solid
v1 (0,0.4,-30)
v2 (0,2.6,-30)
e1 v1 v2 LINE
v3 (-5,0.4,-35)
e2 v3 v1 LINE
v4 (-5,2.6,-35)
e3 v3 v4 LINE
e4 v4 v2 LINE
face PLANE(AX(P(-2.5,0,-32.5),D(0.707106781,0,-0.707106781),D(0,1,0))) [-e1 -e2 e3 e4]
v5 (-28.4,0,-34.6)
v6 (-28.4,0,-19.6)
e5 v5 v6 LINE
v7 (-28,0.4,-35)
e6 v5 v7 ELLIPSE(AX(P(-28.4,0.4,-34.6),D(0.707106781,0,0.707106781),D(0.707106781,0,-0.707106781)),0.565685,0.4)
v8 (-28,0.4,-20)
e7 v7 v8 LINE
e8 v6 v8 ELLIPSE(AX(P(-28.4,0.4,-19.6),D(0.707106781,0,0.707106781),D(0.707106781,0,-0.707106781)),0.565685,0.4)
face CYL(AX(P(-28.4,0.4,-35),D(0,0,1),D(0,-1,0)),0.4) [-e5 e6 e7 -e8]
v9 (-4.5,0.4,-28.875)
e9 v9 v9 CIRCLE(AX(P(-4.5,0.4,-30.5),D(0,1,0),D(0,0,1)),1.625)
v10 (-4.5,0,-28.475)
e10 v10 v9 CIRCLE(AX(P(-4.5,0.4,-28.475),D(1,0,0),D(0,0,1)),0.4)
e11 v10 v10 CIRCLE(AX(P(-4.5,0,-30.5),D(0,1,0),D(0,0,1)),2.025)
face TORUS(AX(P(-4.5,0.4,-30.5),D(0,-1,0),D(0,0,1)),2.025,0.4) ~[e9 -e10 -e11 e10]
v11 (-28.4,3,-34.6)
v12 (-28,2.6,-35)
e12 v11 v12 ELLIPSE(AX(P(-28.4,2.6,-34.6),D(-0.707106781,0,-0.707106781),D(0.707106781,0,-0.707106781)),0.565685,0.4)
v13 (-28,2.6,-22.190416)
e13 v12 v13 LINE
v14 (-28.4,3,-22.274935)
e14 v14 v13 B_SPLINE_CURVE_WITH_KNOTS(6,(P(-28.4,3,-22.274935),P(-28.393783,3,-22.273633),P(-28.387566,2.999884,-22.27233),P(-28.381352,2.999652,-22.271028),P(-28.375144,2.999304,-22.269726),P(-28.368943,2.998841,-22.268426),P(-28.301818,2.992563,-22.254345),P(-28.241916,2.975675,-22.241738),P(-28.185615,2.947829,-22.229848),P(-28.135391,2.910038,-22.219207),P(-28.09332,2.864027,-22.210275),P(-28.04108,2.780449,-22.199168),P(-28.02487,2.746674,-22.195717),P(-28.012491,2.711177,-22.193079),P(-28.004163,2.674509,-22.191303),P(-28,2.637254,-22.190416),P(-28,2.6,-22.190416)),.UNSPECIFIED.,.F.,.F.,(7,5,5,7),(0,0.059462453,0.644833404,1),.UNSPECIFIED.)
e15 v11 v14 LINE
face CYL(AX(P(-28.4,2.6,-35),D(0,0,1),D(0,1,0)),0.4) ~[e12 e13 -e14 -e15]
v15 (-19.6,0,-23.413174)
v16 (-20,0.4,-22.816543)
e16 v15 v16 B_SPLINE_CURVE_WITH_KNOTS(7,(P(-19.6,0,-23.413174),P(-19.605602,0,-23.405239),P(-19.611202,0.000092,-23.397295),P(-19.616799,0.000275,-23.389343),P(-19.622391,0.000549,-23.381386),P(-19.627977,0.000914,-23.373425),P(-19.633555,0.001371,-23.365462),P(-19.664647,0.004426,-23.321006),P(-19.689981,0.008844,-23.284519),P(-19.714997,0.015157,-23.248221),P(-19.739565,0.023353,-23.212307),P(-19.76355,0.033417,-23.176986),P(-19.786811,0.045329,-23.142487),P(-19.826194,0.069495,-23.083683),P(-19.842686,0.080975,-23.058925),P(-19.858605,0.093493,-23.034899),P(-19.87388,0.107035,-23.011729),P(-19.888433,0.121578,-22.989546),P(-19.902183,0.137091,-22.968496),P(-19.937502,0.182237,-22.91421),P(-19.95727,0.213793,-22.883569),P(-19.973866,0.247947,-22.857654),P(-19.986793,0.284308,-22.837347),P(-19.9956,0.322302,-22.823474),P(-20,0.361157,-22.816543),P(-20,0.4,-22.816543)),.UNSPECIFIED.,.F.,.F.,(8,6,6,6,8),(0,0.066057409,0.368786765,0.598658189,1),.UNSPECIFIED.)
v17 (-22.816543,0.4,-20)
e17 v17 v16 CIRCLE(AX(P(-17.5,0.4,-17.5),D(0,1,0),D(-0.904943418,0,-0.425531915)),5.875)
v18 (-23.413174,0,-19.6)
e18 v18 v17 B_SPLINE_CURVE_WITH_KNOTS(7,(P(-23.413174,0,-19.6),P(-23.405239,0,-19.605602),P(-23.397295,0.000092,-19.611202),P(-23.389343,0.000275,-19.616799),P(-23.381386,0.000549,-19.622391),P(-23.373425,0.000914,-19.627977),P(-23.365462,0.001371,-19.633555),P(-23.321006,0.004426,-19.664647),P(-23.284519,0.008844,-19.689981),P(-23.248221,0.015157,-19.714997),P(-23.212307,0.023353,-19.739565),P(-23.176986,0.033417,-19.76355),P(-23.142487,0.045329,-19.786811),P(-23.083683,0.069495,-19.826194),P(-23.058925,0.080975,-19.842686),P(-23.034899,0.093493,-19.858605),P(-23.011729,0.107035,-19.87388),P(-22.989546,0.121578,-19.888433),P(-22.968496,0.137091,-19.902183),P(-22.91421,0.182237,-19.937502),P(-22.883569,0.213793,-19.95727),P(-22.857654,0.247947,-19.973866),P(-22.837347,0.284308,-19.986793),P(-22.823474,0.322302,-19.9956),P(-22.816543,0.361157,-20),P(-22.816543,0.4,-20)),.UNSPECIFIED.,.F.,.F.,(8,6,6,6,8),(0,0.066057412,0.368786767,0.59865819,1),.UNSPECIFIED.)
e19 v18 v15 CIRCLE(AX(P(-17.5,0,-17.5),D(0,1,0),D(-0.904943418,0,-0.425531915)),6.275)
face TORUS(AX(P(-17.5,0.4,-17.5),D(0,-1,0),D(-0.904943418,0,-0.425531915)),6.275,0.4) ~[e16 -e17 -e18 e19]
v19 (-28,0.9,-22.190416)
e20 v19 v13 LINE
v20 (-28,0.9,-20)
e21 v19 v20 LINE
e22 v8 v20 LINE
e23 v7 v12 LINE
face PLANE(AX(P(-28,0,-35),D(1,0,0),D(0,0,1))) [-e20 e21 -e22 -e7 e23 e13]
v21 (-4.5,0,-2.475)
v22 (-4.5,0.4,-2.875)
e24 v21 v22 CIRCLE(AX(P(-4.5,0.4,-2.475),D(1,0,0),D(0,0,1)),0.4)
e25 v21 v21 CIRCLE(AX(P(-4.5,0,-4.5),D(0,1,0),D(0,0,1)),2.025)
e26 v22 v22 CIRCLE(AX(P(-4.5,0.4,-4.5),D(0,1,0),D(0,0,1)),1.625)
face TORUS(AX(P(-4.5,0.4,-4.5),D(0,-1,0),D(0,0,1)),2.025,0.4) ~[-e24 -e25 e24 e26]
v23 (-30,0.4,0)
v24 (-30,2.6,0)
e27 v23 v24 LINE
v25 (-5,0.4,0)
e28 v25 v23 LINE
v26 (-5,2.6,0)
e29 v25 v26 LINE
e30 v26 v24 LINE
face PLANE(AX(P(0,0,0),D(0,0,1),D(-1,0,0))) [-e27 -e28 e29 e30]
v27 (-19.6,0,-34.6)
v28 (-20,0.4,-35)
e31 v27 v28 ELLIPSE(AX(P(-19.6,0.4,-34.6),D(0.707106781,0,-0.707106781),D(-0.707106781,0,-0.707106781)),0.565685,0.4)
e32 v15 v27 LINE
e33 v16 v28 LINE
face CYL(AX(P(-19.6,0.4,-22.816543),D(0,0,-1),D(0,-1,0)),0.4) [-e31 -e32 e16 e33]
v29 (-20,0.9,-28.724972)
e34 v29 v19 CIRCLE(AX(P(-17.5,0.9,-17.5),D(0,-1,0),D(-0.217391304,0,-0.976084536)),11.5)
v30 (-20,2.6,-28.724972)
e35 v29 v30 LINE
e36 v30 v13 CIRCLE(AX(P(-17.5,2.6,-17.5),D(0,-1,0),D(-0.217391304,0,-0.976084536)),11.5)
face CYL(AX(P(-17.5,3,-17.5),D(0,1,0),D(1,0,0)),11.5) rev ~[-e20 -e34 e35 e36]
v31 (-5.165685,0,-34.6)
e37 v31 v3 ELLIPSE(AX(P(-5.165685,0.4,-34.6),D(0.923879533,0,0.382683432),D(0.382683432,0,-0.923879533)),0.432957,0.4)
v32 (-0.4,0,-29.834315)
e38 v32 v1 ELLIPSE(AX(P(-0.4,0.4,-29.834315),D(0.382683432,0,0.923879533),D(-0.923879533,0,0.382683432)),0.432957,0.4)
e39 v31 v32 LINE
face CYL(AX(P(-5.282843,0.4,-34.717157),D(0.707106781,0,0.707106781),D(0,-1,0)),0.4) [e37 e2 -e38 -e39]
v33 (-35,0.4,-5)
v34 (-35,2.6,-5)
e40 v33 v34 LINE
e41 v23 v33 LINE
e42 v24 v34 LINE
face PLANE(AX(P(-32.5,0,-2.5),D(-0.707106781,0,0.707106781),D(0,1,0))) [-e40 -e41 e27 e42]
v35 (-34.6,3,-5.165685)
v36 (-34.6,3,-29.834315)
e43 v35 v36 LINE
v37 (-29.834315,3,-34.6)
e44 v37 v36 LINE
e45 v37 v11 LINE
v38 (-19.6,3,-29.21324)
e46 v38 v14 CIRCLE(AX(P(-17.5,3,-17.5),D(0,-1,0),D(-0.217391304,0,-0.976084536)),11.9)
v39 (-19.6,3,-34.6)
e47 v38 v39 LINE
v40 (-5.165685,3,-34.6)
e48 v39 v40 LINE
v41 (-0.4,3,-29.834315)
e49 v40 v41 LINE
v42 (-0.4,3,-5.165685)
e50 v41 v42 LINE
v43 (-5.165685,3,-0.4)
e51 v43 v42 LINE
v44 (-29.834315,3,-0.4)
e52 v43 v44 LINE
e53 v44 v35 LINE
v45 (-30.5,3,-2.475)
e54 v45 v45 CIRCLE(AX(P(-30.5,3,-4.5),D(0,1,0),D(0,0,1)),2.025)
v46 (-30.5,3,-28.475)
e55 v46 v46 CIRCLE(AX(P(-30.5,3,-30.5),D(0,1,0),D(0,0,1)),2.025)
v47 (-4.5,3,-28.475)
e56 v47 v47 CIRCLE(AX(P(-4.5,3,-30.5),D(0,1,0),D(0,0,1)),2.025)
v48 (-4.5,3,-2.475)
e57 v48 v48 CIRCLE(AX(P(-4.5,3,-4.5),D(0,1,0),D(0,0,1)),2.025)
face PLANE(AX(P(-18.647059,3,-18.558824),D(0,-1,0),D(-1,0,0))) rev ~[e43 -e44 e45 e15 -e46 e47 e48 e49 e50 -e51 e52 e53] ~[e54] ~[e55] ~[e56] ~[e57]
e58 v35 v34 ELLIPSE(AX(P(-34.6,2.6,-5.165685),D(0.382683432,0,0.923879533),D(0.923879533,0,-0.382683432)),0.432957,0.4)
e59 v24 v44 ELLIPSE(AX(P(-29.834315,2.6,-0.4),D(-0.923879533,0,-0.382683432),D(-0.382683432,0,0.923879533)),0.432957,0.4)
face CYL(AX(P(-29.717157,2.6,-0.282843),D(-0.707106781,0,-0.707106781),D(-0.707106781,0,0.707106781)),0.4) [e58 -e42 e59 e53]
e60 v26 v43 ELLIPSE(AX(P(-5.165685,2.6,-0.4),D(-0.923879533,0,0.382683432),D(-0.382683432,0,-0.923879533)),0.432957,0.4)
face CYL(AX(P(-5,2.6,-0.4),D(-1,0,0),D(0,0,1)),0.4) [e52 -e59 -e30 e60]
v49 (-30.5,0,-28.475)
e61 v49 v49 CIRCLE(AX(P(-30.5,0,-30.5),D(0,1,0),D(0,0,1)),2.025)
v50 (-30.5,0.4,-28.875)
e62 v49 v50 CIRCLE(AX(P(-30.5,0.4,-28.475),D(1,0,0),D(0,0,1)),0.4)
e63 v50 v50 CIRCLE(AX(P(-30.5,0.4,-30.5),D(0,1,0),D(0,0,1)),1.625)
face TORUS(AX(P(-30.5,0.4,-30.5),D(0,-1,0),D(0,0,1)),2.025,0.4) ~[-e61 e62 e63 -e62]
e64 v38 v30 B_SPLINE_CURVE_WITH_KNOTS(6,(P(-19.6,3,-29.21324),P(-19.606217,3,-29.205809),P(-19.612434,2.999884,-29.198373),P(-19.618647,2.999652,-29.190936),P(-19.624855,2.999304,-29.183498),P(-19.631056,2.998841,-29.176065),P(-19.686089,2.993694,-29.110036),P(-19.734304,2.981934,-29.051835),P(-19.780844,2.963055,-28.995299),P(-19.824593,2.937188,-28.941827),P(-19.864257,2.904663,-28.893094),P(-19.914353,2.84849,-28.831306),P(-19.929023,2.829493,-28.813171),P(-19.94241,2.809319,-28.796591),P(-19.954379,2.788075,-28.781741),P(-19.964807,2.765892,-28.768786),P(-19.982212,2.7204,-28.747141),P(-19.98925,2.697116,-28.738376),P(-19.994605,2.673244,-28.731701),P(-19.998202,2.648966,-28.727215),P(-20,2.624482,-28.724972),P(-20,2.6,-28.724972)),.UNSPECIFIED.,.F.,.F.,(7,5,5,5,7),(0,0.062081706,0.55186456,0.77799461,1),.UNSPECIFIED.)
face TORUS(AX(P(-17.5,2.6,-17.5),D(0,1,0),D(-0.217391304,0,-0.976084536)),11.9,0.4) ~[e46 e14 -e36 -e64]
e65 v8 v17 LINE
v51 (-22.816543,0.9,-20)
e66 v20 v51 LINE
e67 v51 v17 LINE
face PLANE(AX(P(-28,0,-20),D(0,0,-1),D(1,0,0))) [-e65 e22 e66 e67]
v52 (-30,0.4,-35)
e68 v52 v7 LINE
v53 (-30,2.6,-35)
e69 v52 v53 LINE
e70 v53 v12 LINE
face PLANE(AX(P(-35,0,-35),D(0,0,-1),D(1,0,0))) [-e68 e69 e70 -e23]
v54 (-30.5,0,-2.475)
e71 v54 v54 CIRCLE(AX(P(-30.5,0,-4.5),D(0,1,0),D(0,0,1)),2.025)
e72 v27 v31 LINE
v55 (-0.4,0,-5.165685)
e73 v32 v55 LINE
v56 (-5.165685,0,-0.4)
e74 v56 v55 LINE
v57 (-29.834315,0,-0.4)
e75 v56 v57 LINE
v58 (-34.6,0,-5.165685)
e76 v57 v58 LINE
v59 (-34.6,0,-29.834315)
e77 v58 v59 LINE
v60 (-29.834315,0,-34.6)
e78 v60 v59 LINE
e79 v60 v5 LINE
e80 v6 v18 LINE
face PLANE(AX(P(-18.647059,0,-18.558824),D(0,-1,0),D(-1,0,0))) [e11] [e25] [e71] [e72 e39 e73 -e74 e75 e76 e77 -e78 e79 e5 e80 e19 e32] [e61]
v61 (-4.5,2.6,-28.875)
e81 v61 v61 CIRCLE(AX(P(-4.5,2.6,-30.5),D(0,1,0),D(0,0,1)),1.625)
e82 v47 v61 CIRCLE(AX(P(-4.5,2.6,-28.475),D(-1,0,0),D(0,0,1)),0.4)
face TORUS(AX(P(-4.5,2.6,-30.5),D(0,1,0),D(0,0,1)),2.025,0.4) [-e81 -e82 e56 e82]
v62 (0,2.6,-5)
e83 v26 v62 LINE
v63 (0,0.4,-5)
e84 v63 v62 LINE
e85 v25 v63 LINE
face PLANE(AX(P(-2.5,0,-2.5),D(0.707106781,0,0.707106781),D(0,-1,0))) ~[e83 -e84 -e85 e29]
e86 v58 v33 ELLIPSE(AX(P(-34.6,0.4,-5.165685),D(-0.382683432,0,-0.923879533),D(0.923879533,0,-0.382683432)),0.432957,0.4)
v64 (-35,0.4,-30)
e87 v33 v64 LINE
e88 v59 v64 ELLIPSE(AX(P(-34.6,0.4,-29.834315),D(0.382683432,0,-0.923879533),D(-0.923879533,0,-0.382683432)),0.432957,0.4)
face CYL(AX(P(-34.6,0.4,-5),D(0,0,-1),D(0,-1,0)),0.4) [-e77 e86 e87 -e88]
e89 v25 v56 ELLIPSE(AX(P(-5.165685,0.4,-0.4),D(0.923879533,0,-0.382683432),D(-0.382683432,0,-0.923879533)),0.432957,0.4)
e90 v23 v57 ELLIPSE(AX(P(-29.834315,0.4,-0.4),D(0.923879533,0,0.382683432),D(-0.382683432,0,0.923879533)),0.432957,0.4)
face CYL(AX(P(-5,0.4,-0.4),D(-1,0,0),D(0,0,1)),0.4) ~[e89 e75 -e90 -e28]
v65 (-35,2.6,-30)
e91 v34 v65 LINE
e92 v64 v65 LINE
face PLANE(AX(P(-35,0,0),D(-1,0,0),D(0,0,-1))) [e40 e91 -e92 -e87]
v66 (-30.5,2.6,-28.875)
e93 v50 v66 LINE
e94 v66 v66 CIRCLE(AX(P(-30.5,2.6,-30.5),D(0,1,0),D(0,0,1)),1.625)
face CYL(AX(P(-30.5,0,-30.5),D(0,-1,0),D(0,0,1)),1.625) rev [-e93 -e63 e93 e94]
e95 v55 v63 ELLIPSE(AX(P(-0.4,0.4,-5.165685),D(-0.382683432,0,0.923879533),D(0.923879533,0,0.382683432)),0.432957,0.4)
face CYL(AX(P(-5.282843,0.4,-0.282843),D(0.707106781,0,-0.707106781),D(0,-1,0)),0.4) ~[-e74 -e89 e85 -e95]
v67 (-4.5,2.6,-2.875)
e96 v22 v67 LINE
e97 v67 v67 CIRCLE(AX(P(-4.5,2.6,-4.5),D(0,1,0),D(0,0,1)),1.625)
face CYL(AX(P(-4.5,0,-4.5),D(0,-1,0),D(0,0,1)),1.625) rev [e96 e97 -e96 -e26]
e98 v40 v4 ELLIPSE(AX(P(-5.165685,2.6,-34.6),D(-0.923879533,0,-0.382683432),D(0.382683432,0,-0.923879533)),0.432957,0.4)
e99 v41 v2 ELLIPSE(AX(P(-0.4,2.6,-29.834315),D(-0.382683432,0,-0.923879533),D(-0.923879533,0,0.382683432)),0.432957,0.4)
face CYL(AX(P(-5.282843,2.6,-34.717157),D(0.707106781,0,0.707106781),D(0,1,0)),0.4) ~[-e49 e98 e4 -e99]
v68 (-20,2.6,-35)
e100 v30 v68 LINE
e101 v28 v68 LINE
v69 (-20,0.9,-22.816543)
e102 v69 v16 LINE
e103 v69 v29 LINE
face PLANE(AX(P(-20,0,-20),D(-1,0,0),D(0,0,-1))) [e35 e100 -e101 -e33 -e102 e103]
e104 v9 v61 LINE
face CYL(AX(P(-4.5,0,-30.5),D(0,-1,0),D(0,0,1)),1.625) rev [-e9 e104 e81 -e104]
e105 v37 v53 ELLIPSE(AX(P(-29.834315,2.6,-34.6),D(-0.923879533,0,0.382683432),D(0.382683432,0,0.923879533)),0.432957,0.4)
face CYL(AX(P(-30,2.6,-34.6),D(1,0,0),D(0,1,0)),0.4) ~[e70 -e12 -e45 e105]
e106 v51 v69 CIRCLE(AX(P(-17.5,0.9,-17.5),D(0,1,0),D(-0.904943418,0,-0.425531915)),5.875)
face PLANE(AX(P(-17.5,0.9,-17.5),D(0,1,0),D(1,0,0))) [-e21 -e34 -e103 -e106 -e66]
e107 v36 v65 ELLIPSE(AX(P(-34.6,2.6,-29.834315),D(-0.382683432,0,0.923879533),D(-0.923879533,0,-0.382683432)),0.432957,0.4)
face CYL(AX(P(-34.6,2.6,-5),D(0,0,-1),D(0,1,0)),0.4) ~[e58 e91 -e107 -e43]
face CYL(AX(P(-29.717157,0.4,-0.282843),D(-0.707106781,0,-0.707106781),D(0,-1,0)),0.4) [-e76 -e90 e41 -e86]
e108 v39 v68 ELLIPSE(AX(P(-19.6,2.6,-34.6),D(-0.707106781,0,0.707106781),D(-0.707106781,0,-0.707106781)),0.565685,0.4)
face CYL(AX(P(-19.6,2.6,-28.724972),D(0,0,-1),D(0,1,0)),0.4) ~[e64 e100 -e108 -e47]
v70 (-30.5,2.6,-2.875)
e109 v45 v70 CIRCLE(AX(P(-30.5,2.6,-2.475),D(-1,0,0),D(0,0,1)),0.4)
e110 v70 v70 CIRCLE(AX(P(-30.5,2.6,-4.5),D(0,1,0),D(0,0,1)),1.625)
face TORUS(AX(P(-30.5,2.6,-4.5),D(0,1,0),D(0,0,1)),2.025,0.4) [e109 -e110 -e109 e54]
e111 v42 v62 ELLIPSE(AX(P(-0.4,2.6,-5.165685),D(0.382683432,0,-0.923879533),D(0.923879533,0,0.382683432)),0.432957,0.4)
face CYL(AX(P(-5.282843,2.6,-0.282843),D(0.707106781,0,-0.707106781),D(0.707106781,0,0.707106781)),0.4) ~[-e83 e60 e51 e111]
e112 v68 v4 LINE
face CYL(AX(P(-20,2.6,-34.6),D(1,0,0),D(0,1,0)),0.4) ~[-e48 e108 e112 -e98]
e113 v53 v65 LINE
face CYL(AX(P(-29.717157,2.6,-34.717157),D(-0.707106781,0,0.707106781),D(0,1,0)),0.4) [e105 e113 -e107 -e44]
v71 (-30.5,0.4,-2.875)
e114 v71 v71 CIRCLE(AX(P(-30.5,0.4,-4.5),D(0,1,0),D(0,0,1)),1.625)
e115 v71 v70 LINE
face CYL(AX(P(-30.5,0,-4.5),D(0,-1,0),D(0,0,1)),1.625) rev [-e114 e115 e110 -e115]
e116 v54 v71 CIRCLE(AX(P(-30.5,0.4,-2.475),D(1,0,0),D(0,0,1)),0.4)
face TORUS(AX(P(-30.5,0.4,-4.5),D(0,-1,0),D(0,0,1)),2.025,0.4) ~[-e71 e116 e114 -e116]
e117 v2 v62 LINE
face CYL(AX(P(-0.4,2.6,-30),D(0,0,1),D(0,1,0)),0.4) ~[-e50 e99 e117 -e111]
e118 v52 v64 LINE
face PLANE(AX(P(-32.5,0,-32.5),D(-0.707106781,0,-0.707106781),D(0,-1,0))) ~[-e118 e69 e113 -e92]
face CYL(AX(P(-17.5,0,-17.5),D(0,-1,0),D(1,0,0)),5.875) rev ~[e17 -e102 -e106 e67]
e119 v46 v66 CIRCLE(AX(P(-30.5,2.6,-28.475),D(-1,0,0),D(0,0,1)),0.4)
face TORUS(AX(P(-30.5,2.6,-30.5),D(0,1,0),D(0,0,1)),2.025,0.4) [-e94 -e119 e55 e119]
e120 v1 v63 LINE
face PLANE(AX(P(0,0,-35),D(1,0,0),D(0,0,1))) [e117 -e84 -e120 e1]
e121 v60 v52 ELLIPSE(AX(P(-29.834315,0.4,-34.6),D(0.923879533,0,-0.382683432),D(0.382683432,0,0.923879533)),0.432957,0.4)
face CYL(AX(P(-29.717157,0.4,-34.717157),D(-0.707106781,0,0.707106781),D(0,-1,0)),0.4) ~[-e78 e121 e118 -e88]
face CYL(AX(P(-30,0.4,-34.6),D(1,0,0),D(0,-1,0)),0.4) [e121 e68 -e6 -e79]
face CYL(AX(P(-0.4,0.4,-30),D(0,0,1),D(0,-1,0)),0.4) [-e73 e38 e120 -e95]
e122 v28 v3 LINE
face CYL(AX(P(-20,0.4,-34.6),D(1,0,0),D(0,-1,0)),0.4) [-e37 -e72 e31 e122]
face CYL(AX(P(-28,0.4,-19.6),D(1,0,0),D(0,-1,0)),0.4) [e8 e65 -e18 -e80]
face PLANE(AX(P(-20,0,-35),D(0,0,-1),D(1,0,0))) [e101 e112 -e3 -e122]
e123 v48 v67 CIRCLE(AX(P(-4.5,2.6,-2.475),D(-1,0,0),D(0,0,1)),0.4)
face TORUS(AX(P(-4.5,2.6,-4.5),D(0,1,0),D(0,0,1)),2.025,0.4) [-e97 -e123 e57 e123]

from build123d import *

# Parameters (mm, degrees)
SKETCH1_R           = 1.625
BOSS_EXTRUDE1_DEPTH = 3
SKETCH2_R           = 11.5
CUT_EXTRUDE1_DEPTH  = 2.1
SKETCH3_R           = 5.875
CUT_EXTRUDE2_DEPTH  = 50.588305073
CHAMFER1_SIZE       = 5
FILLET1_R           = 0.4


with BuildPart() as part:
    # Sketch1 → Boss-Extrude1 (new body)
    with BuildSketch(Plane(origin=(0, 0, 0), x_dir=(1, 0, 0), z_dir=(0, 1, 0))):
        Polygon((0, 0), (-35, 0), (-35, 35), (-28, 35), (-28, 20), (-20, 20), (-20, 35), (0, 35), align=None)
        with Locations(Location((-30.5, 30.5, 0), (0, 0, 270))):
            Circle(SKETCH1_R, mode=Mode.SUBTRACT)
        with Locations(Location((-4.5, 30.5, 0), (0, 0, 270))):
            Circle(SKETCH1_R, mode=Mode.SUBTRACT)
        with Locations(Location((-4.5, 4.5, 0), (0, 0, 270))):
            Circle(SKETCH1_R, mode=Mode.SUBTRACT)
        with Locations(Location((-30.5, 4.5, 0), (0, 0, 270))):
            Circle(SKETCH1_R, mode=Mode.SUBTRACT)
    extrude(amount=BOSS_EXTRUDE1_DEPTH)

    # Sketch2 → Cut-Extrude1 (cut)
    with BuildSketch(Plane(origin=(0, 3, 0), x_dir=(1, 0, 0), z_dir=(0, 1, 0))):
        with Locations((-17.5, 17.5)):
            Circle(SKETCH2_R)
    extrude(amount=-CUT_EXTRUDE1_DEPTH, mode=Mode.SUBTRACT)

    # Sketch3 → Cut-Extrude2 (cut, through all)
    with BuildSketch(Plane.XZ):
        with Locations((-17.5, -17.5)):
            Circle(SKETCH3_R)
    extrude(amount=-CUT_EXTRUDE2_DEPTH, mode=Mode.SUBTRACT)

    # Chamfer1
    chamfer1_edges = [part.edges().sort_by_distance(p)[0] for p in [
        (0, 1.5, 0),
        (-35, 1.5, 0),
        (-35, 1.5, -35),
        (0, 1.5, -35),
    ]]
    chamfer(chamfer1_edges, length=CHAMFER1_SIZE)

    # Fillet1
    fillet1_edges = [part.edges().sort_by_distance(p)[0] for p in [
        (-20, 0, -28.90827129),
        (-20, 3, -31.86248608),
        (-30.5, 0, -32.125),
        (-30.5, 3, -32.125),
        (-29, 3, -35),
        (-4.5, 0, -32.125),
        (-4.5, 3, -32.125),
        (-4.5, 0, -6.125),
        (-4.5, 3, -6.125),
        (-30.5, 0, -6.125),
        (-30.5, 3, -6.125),
        (-28, 3, -28.59520788),
        (-10.225035613, 3, -8.593547667),
        (-25.40827129, 0, -20),
        (-13.345747661, 0, -13.345747661),
        (-35, 0, -17.5),
        (-35, 3, -17.5),
        (-12.5, 0, -35),
        (0, 0, -17.5),
        (-17.5, 0, 0),
        (-2.5, 0, -32.5),
        (-32.5, 0, -2.5),
        (-2.5, 0, -2.5),
        (-32.5, 0, -32.5),
        (-17.5, 3, 0),
        (0, 3, -17.5),
        (-12.5, 3, -35),
        (-2.5, 3, -32.5),
        (-32.5, 3, -2.5),
        (-2.5, 3, -2.5),
        (-32.5, 3, -32.5),
        (-29, 0, -35),
        (-28, 0, -27.5),
    ]]
    fillet(fillet1_edges, radius=FILLET1_R)


solid = part.part
